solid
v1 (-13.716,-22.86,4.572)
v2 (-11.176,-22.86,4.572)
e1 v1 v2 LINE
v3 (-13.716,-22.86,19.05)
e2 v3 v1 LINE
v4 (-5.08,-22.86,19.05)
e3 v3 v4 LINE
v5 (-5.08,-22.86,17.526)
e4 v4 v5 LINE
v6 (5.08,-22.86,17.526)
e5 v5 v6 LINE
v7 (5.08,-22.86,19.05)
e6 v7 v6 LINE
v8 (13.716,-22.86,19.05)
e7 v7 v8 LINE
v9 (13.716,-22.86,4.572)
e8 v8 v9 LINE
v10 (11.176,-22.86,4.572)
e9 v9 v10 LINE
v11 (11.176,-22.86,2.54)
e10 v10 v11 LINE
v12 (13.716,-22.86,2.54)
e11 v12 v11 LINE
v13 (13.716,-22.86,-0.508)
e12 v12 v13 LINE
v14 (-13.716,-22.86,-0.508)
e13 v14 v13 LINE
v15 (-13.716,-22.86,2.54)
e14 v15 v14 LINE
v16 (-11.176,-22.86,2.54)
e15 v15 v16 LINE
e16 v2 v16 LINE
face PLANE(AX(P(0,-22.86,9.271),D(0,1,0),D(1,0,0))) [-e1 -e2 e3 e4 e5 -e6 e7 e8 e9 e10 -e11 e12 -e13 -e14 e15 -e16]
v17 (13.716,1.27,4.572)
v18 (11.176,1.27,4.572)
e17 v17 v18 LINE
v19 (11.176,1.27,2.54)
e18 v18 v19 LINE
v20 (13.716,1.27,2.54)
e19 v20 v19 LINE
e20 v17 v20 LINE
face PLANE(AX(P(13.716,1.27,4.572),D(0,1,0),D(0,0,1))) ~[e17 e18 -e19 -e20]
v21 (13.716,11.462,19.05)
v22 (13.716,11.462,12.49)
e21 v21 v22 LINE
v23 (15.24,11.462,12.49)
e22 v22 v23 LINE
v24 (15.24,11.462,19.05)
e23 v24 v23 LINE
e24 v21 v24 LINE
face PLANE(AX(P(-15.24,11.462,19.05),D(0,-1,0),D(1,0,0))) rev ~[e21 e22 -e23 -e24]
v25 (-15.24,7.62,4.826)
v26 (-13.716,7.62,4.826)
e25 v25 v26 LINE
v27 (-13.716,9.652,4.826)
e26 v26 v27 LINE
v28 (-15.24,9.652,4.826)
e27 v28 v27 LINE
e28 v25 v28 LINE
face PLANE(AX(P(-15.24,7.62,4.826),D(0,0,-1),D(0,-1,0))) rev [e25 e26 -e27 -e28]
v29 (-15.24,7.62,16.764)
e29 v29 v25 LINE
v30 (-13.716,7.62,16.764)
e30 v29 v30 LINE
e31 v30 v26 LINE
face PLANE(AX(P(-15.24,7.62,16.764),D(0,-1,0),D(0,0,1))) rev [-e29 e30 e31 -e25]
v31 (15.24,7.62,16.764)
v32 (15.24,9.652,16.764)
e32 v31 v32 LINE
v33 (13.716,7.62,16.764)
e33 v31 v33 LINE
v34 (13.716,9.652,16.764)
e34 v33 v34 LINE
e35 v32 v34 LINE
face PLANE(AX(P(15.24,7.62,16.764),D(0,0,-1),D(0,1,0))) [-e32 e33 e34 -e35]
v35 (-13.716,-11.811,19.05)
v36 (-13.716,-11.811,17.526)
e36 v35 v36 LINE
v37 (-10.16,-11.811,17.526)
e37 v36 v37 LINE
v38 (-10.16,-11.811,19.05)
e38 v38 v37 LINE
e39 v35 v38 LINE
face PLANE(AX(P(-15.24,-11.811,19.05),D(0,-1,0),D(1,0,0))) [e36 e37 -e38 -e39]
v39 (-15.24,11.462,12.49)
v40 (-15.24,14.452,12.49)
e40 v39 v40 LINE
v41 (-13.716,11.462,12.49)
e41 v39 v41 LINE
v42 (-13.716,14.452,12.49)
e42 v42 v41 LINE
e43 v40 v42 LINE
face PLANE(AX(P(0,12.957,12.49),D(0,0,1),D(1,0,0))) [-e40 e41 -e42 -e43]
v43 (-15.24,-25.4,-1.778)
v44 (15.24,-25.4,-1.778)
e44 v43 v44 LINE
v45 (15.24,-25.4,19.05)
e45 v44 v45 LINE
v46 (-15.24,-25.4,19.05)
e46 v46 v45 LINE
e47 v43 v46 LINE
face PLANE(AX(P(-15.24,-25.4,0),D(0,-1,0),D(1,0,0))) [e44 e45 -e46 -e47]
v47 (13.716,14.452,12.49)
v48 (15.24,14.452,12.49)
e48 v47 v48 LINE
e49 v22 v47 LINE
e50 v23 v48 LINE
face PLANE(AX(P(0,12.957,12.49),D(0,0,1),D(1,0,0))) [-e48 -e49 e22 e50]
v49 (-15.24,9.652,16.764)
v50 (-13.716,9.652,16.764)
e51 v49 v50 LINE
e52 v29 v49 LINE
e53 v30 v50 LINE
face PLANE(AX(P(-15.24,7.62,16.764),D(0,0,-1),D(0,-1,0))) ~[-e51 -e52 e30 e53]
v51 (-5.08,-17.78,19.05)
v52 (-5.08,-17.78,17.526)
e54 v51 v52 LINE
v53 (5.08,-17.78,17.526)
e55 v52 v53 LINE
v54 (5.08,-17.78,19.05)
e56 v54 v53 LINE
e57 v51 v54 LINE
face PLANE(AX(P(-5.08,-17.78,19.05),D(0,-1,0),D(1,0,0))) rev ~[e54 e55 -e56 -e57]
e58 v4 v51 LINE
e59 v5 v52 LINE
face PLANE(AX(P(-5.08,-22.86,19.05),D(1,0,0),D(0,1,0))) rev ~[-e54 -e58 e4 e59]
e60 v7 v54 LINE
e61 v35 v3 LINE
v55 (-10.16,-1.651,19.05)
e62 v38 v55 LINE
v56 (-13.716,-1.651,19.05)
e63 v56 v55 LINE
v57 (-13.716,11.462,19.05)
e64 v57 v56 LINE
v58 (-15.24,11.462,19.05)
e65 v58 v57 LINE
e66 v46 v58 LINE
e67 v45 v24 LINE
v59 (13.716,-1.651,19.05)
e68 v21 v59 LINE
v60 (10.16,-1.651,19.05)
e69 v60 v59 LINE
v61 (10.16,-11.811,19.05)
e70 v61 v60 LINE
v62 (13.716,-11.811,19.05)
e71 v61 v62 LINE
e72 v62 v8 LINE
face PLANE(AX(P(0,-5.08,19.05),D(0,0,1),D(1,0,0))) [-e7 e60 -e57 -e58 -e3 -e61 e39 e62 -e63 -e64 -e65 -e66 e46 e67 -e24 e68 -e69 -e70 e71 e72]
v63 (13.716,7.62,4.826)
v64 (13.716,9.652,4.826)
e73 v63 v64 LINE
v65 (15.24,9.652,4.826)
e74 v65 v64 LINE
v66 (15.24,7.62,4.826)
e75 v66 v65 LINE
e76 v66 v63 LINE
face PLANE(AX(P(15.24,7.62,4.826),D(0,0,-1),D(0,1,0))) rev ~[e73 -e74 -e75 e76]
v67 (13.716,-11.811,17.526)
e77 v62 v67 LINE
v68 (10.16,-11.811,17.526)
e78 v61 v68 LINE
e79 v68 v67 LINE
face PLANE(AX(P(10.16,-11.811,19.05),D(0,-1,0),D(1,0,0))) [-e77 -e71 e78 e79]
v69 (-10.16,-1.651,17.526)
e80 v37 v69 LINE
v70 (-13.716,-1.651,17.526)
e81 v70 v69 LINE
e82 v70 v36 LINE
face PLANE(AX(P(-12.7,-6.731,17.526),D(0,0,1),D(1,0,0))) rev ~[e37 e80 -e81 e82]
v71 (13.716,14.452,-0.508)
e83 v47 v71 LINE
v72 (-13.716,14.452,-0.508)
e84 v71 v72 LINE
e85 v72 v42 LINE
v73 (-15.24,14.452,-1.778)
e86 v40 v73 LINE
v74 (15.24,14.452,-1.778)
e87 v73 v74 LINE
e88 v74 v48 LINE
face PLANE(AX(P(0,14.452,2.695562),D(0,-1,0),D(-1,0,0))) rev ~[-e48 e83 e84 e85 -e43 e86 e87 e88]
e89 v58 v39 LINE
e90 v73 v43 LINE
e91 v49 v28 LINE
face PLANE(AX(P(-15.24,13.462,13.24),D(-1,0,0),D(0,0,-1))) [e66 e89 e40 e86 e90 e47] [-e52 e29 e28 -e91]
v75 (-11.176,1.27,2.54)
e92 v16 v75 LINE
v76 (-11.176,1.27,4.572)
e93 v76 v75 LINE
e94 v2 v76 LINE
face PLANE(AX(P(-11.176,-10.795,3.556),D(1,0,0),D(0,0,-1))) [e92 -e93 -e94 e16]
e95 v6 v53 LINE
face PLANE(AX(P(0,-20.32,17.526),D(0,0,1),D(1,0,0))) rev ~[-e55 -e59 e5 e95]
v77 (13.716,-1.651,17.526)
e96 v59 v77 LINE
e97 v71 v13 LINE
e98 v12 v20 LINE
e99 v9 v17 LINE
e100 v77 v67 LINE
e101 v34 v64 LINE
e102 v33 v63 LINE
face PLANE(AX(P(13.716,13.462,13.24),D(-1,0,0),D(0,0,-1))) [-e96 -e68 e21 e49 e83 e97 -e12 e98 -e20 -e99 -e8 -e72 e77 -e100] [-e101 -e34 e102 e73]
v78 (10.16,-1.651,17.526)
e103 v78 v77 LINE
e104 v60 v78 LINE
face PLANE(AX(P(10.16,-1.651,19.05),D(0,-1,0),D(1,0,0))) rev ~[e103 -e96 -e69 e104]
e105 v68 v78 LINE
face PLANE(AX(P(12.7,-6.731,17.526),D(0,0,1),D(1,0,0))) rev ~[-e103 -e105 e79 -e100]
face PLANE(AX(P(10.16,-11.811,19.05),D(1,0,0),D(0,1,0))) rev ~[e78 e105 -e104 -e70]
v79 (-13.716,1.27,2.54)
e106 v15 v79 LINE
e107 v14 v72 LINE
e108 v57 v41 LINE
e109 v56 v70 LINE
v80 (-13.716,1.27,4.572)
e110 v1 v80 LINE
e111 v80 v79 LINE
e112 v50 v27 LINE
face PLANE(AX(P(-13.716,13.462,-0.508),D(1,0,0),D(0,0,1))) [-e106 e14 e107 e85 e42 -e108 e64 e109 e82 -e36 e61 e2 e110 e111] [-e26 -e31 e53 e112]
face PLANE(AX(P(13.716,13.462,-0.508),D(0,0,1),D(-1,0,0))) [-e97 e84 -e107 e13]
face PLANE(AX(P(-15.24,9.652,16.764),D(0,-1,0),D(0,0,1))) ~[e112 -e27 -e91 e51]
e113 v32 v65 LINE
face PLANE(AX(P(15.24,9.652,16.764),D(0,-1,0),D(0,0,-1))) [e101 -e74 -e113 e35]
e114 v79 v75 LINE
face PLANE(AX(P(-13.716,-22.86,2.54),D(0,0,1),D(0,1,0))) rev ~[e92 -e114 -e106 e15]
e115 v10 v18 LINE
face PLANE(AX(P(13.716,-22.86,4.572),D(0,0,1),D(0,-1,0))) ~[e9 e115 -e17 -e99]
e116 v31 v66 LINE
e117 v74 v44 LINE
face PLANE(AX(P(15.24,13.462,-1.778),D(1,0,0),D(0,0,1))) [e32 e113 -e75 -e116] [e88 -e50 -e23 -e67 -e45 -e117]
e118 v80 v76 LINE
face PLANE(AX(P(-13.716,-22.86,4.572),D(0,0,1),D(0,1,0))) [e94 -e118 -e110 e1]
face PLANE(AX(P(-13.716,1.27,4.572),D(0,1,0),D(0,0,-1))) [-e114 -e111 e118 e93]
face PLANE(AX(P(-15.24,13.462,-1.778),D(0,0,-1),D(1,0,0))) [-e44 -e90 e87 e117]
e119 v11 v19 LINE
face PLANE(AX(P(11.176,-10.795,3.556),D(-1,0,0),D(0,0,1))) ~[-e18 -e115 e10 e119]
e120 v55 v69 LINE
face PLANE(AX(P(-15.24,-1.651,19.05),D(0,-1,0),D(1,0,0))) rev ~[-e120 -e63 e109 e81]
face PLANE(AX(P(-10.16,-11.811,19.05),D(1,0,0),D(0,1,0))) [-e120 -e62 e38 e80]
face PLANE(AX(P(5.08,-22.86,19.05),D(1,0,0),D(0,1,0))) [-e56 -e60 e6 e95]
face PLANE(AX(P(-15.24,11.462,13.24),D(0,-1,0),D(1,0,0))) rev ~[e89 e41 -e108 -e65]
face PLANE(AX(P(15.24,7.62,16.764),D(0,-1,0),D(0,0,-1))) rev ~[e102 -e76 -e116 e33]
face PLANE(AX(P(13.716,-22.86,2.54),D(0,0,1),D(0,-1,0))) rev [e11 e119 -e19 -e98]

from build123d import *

# Parameters (mm, degrees)
SKETCH1_W                = 30.48
SKETCH1_H                = 40.64
INITIAL_BLOCK_DEPTH      = 19.05
INITIAL_BLOCK_DEPTH_BACK = 1.778
SKETCH2_W                = 27.432
SKETCH2_H                = 19.558
INITIAL_CUT_DEPTH        = 38.1
SKETCH20_W               = 5.08
SKETCH20_H               = 10.16
SKETCH20_W_2             = 10.16
SKETCH20_H_2             = 5.08
BOSS_EXTRUDE1_DEPTH      = 1.524
SKETCH21_W               = 2.032
SKETCH21_H               = 24.13
BOSS_EXTRUDE2_DEPTH      = 2.54
SKETCH27_W               = 11.938
SKETCH27_H               = 2.032
CUT_EXTRUDE6_DEPTH       = 1.524
SKETCH28_W               = 30.48
SKETCH28_H               = 1.778
CUT_EXTRUDE7_DEPTH       = 21.828
SKETCH29_W               = 30.48
SKETCH29_H               = 2
CUT_EXTRUDE8_DEPTH       = 5.81
BOSS_EXTRUDE3_DEPTH      = 0.99
SKETCH31_W               = 30.48
SKETCH31_H               = 2.99
CUT_EXTRUDE9_DEPTH       = 0.75


with BuildPart() as part:
    # Sketch1 → Initial Block (new body, two sides)
    with BuildSketch(Plane.XY) as initial_block_sk:
        with Locations((0, -5.08)):
            Rectangle(SKETCH1_W, SKETCH1_H)
    extrude(amount=INITIAL_BLOCK_DEPTH)
    extrude(initial_block_sk.sketch, amount=-INITIAL_BLOCK_DEPTH_BACK)

    # Sketch2 → Initial Cut (cut)
    with BuildSketch(Plane(origin=(0, 15.24, 0), x_dir=(1, 0, 0), z_dir=(0, 1, 0))):
        with Locations((0, -9.271)):
            Rectangle(SKETCH2_W, SKETCH2_H)
    extrude(amount=-INITIAL_CUT_DEPTH, mode=Mode.SUBTRACT)

    # Sketch20 → Boss-Extrude1 (add)
    with BuildSketch(Plane.XY.offset(19.05)):
        with Locations((-12.7, -6.731)):
            Rectangle(SKETCH20_W, SKETCH20_H)
        with Locations((12.7, -6.731)):
            Rectangle(SKETCH20_W, SKETCH20_H)
        with Locations((0, -20.32)):
            Rectangle(SKETCH20_W_2, SKETCH20_H_2)
    extrude(amount=-BOSS_EXTRUDE1_DEPTH)

    # Sketch21 → Boss-Extrude2 (add)
    with BuildSketch(Plane(origin=(-13.716, 0, 0), x_dir=(0, 0, -1), z_dir=(1, 0, 0))):
        with Locations((-3.556, -10.795)):
            Rectangle(SKETCH21_W, SKETCH21_H)
    boss_extrude2 = extrude(amount=BOSS_EXTRUDE2_DEPTH)

    # Mirror2: Boss-Extrude2 across plane
    add(boss_extrude2.mirror(Plane(origin=(0, 0, 0), x_dir=(0, 0, 1), z_dir=(1, 0, 0))))

    # Sketch27 → Cut-Extrude6 (cut)
    with BuildSketch(Plane(origin=(15.24, 0, 0), x_dir=(0, 0, -1), z_dir=(1, 0, 0))):
        with Locations((-10.795, 8.636)):
            Rectangle(SKETCH27_W, SKETCH27_H)
    cut_extrude6 = extrude(amount=-CUT_EXTRUDE6_DEPTH, mode=Mode.SUBTRACT)

    # Mirror6: Cut-Extrude6 across plane
    add(cut_extrude6.mirror(Plane(origin=(0, 0, 0), x_dir=(0, 0, 1), z_dir=(1, 0, 0))), mode=Mode.SUBTRACT)

    # Sketch28 → Cut-Extrude7 (cut, through all)
    with BuildSketch(Plane.XY.offset(19.05)):
        with Locations((0, 14.351)):
            Rectangle(SKETCH28_W, SKETCH28_H)
    extrude(amount=-CUT_EXTRUDE7_DEPTH, mode=Mode.SUBTRACT)

    # Sketch29 → Cut-Extrude8 (cut)
    with BuildSketch(Plane.XY.offset(19.05)):
        with Locations((0, 12.462)):
            Rectangle(SKETCH29_W, SKETCH29_H)
    extrude(amount=-CUT_EXTRUDE8_DEPTH, mode=Mode.SUBTRACT)

    # Sketch30 → Boss-Extrude3 (add)
    with BuildSketch(Plane(origin=(0, 13.462, 0), x_dir=(1, 0, 0), z_dir=(0, 1, 0))):
        Polygon((-15.24, -13.24), (-15.24, 1.778), (15.24, 1.778), (15.24, -13.24), (13.716, -13.24), (13.716, 0.508), (-13.716, 0.508), (-13.716, -13.24), align=None)
    extrude(amount=BOSS_EXTRUDE3_DEPTH)

    # Sketch31 → Cut-Extrude9 (cut)
    with BuildSketch(Plane.XY.offset(13.24)):
        with Locations((0, 12.957)):
            Rectangle(SKETCH31_W, SKETCH31_H)
    extrude(amount=-CUT_EXTRUDE9_DEPTH, mode=Mode.SUBTRACT)


solid = part.part
